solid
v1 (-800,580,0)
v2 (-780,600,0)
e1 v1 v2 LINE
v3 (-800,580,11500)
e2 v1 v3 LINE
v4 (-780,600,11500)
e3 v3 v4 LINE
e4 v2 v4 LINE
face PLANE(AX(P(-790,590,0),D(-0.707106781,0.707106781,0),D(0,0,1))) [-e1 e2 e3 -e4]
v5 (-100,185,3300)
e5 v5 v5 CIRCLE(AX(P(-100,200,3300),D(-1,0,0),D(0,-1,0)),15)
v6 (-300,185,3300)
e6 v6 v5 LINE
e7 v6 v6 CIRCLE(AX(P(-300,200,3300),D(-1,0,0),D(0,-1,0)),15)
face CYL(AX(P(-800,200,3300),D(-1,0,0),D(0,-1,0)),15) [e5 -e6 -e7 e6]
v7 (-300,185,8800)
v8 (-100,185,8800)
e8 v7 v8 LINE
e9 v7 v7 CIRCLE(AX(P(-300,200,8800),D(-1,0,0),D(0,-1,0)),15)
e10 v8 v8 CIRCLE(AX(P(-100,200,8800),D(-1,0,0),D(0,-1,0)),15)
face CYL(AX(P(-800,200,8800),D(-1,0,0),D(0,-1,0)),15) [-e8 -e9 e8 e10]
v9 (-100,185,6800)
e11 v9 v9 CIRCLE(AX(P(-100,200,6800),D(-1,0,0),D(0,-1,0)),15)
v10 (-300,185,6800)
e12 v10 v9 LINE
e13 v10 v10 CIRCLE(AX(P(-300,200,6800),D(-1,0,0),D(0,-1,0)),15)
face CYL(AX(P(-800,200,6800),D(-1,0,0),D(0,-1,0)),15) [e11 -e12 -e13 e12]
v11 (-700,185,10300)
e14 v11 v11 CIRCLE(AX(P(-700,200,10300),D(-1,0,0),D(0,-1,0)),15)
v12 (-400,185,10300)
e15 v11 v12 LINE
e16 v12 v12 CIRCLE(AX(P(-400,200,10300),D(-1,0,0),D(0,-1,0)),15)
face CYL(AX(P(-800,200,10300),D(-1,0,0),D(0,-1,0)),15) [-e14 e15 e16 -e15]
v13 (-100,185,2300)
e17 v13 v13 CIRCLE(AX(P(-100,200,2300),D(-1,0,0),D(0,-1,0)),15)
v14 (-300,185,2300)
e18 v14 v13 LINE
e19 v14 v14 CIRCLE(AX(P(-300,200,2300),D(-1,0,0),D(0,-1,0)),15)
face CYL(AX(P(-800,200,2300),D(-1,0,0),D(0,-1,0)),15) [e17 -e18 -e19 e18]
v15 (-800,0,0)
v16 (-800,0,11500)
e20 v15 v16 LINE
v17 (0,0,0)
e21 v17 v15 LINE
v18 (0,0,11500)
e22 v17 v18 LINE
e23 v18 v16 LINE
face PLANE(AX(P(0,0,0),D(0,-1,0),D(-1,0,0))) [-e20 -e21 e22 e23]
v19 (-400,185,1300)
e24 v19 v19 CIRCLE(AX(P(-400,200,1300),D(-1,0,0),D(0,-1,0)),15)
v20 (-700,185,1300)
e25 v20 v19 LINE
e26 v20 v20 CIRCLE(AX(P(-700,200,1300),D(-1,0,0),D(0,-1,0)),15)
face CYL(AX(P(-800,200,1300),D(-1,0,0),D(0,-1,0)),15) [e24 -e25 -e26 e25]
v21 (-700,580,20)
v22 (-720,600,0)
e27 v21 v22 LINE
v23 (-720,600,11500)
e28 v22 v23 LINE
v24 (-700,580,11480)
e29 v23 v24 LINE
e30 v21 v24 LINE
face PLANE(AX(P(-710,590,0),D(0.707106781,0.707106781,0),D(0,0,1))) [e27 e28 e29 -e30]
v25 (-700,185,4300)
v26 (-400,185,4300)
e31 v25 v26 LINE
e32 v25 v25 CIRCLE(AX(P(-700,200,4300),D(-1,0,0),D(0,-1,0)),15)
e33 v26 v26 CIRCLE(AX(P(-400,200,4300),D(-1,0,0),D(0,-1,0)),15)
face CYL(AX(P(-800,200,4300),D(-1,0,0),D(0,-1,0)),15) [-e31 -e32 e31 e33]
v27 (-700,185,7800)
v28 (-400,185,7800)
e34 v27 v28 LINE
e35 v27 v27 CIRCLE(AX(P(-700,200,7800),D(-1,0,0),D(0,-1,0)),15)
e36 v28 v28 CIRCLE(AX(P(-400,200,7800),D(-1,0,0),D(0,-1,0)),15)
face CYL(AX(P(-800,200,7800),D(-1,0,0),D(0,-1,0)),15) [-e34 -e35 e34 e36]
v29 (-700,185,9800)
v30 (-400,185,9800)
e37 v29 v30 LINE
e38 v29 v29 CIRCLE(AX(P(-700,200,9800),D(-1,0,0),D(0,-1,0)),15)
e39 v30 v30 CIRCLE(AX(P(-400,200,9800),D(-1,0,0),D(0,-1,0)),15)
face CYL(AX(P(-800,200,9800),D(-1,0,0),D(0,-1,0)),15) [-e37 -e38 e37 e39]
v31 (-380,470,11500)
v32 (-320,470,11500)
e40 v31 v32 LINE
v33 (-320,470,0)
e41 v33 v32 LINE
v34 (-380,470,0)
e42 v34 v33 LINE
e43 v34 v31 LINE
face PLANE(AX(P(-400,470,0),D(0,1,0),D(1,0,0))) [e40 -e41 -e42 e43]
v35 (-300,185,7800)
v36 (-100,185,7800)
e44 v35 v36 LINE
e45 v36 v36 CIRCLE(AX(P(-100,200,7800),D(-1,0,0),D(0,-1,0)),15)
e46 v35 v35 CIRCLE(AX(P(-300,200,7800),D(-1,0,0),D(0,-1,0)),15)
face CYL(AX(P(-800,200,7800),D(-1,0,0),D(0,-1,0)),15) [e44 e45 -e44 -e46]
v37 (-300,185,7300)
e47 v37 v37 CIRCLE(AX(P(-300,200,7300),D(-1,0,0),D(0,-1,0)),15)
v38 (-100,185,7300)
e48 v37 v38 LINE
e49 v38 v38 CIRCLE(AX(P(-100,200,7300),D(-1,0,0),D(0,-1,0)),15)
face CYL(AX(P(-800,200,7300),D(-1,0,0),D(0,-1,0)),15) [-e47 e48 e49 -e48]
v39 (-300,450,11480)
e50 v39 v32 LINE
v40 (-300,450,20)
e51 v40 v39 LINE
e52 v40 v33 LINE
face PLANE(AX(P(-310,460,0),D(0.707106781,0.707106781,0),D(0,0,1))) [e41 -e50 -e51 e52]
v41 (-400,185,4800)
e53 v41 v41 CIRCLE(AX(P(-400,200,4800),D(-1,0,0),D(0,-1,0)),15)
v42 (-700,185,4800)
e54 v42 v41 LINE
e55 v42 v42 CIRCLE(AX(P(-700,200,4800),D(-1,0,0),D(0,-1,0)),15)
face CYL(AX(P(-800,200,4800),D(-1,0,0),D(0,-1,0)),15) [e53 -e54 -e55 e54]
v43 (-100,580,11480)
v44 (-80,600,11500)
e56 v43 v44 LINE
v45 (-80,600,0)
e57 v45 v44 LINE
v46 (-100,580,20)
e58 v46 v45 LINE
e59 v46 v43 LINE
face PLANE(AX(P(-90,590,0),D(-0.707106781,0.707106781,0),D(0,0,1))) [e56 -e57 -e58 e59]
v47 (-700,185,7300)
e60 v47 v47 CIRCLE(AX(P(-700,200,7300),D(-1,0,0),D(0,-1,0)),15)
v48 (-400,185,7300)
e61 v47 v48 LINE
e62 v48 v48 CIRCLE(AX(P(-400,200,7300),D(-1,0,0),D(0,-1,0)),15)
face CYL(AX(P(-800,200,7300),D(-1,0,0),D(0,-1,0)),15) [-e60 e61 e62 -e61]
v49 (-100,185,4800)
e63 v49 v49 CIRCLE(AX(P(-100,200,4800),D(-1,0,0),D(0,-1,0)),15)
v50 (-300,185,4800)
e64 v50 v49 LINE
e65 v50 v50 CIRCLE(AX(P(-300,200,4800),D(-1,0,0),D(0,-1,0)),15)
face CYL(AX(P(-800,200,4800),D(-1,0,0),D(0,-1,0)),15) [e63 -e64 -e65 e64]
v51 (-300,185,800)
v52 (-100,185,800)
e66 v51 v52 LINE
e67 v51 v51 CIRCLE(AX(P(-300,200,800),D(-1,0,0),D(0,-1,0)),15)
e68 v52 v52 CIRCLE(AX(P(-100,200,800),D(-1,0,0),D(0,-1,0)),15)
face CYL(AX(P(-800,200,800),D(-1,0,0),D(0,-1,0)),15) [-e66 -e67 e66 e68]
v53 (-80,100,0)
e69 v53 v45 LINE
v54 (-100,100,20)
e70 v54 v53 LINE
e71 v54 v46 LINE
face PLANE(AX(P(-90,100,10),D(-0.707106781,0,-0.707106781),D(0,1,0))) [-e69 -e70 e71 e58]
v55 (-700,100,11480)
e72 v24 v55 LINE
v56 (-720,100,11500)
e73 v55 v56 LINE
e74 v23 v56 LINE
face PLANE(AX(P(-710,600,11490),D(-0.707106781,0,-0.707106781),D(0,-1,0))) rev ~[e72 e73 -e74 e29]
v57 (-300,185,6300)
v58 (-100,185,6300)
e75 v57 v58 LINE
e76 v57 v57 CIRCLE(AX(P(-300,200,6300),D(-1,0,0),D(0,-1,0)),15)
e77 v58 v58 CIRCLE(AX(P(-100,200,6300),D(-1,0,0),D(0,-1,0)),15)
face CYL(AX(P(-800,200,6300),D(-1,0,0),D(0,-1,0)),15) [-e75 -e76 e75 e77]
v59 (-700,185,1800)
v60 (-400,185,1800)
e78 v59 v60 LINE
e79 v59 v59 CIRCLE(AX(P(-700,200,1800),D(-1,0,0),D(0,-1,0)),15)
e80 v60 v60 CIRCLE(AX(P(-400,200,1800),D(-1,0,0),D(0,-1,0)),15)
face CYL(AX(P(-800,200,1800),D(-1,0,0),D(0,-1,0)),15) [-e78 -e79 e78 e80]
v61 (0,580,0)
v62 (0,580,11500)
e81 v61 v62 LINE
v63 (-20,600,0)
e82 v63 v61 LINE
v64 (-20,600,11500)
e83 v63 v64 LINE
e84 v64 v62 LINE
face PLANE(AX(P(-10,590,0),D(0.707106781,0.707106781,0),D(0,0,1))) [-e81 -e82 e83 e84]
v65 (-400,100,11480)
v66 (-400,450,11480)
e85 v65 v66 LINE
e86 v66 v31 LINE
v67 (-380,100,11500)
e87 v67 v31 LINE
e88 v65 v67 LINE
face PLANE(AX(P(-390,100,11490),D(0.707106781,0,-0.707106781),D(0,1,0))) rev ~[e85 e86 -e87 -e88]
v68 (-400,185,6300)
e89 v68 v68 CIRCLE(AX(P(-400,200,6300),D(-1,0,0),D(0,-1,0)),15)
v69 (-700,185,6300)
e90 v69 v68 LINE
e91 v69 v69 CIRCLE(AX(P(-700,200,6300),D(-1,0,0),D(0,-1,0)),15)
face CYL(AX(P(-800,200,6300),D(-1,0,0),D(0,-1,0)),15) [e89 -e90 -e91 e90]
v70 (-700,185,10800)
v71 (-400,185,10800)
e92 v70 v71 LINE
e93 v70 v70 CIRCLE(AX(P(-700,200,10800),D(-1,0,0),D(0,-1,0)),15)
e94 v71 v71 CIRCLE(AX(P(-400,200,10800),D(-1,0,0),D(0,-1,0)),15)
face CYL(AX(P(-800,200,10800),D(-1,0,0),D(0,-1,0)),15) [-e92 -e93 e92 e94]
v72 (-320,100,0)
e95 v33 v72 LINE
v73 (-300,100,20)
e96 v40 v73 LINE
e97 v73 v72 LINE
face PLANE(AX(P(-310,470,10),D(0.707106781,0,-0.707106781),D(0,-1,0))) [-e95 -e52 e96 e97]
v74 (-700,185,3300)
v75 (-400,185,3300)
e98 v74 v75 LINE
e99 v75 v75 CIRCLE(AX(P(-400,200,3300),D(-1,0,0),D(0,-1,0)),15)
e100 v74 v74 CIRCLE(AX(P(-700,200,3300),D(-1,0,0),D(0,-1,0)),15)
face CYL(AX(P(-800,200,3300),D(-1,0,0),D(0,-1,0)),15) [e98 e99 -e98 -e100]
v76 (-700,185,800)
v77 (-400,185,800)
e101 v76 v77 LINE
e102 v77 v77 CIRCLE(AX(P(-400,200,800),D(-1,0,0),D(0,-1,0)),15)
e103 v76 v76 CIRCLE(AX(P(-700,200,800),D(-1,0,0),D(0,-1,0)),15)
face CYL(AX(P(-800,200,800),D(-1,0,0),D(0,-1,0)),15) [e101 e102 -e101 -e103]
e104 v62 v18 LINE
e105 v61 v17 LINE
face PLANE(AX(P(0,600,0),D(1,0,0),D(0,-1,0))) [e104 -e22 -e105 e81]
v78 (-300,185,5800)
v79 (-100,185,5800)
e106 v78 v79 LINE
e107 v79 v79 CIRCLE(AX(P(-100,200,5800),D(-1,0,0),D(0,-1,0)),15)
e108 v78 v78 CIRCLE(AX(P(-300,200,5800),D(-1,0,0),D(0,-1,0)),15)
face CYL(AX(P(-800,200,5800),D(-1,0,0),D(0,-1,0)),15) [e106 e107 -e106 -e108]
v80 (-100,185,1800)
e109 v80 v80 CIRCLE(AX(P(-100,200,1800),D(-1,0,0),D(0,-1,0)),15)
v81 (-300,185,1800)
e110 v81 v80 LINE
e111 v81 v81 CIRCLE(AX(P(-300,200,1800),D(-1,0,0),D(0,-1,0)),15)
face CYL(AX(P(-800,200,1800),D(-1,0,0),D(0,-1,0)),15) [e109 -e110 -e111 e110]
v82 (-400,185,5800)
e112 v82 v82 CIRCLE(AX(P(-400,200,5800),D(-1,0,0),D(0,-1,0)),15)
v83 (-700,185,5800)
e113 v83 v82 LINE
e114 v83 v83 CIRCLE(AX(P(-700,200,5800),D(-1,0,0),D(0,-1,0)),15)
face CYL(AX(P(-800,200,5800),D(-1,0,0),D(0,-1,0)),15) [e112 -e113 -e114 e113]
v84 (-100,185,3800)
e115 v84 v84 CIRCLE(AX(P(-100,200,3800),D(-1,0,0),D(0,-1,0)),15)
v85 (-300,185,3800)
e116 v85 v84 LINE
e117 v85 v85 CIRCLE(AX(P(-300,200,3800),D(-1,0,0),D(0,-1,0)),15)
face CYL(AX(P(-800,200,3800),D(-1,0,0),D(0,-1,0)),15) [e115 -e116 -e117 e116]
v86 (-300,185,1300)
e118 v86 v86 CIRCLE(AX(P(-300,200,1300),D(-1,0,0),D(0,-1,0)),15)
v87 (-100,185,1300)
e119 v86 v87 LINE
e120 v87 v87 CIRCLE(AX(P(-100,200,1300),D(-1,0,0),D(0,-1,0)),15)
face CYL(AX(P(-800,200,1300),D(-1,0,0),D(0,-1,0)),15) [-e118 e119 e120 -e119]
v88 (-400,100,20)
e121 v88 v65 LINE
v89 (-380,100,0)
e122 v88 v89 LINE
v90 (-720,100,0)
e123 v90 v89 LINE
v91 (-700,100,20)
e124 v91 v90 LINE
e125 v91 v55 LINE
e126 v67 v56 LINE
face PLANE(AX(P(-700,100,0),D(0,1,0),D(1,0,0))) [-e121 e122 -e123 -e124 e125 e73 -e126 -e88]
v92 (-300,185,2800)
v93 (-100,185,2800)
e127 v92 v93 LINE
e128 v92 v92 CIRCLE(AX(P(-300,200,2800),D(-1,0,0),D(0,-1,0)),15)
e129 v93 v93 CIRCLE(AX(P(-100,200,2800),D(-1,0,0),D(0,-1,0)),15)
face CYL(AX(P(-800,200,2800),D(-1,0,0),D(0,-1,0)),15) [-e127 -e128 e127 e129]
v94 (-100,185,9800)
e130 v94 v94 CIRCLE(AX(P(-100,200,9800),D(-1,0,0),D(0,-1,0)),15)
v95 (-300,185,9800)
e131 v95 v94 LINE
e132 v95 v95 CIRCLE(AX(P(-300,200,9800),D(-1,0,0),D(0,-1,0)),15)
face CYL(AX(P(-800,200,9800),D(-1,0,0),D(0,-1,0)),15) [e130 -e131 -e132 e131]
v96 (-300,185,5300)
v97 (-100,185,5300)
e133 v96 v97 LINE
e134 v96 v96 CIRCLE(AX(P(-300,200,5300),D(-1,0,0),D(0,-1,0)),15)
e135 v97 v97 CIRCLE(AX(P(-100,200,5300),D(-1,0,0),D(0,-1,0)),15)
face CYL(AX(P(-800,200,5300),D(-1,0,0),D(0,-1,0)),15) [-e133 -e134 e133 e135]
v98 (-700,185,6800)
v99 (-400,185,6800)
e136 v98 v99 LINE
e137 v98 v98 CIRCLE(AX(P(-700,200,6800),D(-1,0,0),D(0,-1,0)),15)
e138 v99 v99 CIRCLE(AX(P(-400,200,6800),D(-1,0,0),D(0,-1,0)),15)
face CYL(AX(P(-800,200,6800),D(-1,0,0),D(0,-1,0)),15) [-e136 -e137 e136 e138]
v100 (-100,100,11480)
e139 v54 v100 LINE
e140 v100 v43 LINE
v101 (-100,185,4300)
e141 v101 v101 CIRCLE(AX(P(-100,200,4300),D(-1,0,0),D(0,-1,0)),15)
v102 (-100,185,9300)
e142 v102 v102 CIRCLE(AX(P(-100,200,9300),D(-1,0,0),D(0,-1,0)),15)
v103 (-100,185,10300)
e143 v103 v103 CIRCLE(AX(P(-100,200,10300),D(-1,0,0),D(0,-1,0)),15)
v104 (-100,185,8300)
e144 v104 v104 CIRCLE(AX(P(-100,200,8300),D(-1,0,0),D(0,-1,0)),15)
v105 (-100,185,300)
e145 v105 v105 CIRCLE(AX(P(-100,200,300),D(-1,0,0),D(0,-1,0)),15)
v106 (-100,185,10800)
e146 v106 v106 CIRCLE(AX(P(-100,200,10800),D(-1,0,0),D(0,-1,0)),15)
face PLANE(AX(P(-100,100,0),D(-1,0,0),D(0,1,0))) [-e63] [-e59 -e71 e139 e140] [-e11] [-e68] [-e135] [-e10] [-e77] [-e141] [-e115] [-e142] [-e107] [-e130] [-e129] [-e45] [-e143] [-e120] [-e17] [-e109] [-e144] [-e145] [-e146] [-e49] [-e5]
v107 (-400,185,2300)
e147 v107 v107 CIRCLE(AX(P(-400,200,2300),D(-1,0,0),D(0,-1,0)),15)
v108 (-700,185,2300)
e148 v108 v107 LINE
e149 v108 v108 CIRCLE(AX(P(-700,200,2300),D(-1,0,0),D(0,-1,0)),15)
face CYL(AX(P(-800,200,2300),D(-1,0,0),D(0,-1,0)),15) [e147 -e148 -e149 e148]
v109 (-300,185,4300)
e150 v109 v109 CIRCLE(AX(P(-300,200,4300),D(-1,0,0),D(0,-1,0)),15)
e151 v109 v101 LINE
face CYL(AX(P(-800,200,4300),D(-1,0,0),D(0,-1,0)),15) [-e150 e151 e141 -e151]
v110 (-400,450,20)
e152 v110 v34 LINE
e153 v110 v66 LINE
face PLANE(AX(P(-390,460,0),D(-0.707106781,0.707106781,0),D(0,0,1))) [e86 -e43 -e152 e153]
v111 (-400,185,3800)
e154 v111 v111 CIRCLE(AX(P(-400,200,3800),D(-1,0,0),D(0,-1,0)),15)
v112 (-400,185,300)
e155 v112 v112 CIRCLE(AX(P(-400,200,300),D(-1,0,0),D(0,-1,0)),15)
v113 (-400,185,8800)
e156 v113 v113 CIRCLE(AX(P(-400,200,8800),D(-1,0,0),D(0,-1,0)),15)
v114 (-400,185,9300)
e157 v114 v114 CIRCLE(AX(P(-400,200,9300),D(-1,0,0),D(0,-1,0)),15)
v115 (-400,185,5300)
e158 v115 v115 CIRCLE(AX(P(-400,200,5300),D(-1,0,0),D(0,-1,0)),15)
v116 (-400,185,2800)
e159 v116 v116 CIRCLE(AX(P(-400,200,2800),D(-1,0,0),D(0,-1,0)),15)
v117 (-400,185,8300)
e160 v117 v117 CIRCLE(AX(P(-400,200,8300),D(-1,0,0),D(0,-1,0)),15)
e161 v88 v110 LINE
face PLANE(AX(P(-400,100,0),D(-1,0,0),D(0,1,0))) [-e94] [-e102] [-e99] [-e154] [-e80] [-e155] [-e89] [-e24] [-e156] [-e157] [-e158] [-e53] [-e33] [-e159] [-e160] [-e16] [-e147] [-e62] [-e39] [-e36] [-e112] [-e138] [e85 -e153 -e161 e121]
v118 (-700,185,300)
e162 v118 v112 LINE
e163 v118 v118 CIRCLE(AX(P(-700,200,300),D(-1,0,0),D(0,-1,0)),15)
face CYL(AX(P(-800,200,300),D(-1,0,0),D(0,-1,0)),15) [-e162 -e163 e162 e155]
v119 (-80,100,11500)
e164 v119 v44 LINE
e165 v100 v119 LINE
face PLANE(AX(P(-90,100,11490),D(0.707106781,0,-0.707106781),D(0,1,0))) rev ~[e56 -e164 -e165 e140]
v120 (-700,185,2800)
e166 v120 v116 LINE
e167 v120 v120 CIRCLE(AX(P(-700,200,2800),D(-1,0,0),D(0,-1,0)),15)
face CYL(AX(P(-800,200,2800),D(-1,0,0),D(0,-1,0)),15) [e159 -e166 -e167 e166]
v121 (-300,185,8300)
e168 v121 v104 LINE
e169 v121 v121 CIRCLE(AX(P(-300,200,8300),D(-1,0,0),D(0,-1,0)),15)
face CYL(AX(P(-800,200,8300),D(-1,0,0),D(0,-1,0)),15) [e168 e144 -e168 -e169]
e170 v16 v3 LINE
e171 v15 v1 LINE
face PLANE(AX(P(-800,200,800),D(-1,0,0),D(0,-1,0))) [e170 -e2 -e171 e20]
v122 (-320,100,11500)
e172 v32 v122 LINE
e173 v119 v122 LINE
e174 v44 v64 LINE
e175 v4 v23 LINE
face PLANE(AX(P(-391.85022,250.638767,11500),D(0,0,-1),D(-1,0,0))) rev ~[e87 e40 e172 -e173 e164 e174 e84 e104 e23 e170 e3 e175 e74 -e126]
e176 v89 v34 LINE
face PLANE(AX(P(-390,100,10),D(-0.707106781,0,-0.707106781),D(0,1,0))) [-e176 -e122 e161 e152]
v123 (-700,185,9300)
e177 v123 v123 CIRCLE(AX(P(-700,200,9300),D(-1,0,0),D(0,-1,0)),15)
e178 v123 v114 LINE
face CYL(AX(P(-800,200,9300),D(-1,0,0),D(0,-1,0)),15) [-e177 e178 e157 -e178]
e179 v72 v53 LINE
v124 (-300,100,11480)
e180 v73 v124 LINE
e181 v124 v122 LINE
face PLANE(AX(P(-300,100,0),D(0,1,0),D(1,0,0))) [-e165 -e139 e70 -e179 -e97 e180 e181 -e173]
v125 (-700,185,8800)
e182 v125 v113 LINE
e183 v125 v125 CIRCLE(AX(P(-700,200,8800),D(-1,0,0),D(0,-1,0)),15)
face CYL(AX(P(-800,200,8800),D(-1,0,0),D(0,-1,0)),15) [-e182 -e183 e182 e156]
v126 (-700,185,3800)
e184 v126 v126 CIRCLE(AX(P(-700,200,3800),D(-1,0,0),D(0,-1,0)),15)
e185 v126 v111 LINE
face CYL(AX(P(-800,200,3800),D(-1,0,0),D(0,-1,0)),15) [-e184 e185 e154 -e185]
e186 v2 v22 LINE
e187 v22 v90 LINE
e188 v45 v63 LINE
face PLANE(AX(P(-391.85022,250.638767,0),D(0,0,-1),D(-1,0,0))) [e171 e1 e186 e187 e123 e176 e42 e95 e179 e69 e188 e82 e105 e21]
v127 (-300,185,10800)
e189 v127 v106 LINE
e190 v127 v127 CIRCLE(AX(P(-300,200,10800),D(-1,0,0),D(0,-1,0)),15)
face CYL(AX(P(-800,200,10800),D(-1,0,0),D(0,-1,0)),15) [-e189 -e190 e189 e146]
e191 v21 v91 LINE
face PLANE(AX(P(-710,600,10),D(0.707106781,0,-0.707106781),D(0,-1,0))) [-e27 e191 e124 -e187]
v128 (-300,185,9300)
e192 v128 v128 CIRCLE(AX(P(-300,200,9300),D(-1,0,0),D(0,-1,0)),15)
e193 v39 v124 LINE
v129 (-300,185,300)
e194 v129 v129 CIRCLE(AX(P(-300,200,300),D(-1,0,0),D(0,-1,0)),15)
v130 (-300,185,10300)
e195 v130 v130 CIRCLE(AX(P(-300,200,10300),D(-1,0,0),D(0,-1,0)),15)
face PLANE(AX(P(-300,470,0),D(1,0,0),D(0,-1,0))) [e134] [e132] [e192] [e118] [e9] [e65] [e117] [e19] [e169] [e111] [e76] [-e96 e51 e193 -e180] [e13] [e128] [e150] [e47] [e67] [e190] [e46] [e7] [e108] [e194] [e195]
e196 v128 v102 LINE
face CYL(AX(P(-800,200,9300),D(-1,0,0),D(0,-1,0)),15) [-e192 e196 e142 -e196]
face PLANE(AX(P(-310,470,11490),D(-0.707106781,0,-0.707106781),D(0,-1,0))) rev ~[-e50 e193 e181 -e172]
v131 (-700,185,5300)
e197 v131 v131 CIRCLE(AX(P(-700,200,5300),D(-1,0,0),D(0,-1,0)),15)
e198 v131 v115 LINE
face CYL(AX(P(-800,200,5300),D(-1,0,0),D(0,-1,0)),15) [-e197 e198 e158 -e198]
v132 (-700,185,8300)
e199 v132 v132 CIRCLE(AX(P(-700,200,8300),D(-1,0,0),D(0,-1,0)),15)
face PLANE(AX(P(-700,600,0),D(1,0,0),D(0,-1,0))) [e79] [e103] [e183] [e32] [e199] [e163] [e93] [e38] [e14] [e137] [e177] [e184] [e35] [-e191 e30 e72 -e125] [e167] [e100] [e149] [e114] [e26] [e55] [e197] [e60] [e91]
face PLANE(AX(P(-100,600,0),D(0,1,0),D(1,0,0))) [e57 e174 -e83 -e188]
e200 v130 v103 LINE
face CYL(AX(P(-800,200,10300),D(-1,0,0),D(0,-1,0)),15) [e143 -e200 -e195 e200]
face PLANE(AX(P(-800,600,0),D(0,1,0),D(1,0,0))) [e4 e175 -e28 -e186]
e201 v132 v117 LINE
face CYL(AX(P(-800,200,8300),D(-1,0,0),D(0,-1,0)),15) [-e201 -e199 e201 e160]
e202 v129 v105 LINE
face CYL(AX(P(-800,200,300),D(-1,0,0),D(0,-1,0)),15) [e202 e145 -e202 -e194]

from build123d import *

# Parameters (mm, degrees)
SALIENTE_EXTRUIR1_DEPTH = 11500
CHAFL_N2_SIZE           = 20
SALIENTE_EXTRUIR2_REACH = 11545.396
CROQUIS2_R              = 15
MATRIZL1_COUNT          = 22
MATRIZL1_PITCH          = 500


with BuildPart() as part:
    # Croquis1 → Saliente-Extruir1 (new body)
    with BuildSketch(Plane.XY):
        Polygon((0, 0), (-800, 0), (-800, 600), (-700, 600), (-700, 100), (-400, 100), (-400, 470), (-300, 470), (-300, 100), (-100, 100), (-100, 600), (0, 600), align=None)
    extrude(amount=SALIENTE_EXTRUIR1_DEPTH)

    # Chaflán2
    chafl_n2_edges = [part.edges().sort_by_distance(p)[0] for p in [
        (-100, 350, 11500),
        (-700, 350, 0),
        (-400, 285, 0),
        (-300, 285, 0),
        (-100, 350, 0),
        (-300, 285, 11500),
        (-800, 600, 5750),
        (-700, 600, 5750),
        (-400, 470, 5750),
        (-300, 470, 5750),
        (-100, 600, 5750),
        (0, 600, 5750),
        (-400, 285, 11500),
        (-700, 350, 11500),
    ]]
    chamfer(chafl_n2_edges, length=CHAFL_N2_SIZE)

    # Saliente-Extruir2: up to this face of the body (flat: up to its plane)
    saliente_extruir2_end = Plane(part.part.faces().sort_by_distance((-100, 340, 5750))[0])
    # Croquis2 → Saliente-Extruir2 (add, up to the picked face)
    with BuildSketch(Plane.ZY.offset(800), mode=Mode.PRIVATE) as saliente_extruir2_sk1:
        with Locations(Location((300, 200, 0), (0, 0, 270))):
            Circle(CROQUIS2_R)
    saliente_extruir2_tool1 = split(extrude(saliente_extruir2_sk1.sketch, amount=-SALIENTE_EXTRUIR2_REACH, mode=Mode.PRIVATE), bisect_by=saliente_extruir2_end, keep=Keep.BOTH, mode=Mode.PRIVATE)
    saliente_extruir2 = saliente_extruir2_tool1.solids().sort_by(Axis((-800, 200, 300), (1, 0, 0)))[0]
    add(saliente_extruir2)

    # MatrizL1: Saliente-Extruir2 ×22
    with Locations(*[(0, 0, i * MATRIZL1_PITCH) for i in range(1, MATRIZL1_COUNT)]):
        add(saliente_extruir2)


solid = part.part
